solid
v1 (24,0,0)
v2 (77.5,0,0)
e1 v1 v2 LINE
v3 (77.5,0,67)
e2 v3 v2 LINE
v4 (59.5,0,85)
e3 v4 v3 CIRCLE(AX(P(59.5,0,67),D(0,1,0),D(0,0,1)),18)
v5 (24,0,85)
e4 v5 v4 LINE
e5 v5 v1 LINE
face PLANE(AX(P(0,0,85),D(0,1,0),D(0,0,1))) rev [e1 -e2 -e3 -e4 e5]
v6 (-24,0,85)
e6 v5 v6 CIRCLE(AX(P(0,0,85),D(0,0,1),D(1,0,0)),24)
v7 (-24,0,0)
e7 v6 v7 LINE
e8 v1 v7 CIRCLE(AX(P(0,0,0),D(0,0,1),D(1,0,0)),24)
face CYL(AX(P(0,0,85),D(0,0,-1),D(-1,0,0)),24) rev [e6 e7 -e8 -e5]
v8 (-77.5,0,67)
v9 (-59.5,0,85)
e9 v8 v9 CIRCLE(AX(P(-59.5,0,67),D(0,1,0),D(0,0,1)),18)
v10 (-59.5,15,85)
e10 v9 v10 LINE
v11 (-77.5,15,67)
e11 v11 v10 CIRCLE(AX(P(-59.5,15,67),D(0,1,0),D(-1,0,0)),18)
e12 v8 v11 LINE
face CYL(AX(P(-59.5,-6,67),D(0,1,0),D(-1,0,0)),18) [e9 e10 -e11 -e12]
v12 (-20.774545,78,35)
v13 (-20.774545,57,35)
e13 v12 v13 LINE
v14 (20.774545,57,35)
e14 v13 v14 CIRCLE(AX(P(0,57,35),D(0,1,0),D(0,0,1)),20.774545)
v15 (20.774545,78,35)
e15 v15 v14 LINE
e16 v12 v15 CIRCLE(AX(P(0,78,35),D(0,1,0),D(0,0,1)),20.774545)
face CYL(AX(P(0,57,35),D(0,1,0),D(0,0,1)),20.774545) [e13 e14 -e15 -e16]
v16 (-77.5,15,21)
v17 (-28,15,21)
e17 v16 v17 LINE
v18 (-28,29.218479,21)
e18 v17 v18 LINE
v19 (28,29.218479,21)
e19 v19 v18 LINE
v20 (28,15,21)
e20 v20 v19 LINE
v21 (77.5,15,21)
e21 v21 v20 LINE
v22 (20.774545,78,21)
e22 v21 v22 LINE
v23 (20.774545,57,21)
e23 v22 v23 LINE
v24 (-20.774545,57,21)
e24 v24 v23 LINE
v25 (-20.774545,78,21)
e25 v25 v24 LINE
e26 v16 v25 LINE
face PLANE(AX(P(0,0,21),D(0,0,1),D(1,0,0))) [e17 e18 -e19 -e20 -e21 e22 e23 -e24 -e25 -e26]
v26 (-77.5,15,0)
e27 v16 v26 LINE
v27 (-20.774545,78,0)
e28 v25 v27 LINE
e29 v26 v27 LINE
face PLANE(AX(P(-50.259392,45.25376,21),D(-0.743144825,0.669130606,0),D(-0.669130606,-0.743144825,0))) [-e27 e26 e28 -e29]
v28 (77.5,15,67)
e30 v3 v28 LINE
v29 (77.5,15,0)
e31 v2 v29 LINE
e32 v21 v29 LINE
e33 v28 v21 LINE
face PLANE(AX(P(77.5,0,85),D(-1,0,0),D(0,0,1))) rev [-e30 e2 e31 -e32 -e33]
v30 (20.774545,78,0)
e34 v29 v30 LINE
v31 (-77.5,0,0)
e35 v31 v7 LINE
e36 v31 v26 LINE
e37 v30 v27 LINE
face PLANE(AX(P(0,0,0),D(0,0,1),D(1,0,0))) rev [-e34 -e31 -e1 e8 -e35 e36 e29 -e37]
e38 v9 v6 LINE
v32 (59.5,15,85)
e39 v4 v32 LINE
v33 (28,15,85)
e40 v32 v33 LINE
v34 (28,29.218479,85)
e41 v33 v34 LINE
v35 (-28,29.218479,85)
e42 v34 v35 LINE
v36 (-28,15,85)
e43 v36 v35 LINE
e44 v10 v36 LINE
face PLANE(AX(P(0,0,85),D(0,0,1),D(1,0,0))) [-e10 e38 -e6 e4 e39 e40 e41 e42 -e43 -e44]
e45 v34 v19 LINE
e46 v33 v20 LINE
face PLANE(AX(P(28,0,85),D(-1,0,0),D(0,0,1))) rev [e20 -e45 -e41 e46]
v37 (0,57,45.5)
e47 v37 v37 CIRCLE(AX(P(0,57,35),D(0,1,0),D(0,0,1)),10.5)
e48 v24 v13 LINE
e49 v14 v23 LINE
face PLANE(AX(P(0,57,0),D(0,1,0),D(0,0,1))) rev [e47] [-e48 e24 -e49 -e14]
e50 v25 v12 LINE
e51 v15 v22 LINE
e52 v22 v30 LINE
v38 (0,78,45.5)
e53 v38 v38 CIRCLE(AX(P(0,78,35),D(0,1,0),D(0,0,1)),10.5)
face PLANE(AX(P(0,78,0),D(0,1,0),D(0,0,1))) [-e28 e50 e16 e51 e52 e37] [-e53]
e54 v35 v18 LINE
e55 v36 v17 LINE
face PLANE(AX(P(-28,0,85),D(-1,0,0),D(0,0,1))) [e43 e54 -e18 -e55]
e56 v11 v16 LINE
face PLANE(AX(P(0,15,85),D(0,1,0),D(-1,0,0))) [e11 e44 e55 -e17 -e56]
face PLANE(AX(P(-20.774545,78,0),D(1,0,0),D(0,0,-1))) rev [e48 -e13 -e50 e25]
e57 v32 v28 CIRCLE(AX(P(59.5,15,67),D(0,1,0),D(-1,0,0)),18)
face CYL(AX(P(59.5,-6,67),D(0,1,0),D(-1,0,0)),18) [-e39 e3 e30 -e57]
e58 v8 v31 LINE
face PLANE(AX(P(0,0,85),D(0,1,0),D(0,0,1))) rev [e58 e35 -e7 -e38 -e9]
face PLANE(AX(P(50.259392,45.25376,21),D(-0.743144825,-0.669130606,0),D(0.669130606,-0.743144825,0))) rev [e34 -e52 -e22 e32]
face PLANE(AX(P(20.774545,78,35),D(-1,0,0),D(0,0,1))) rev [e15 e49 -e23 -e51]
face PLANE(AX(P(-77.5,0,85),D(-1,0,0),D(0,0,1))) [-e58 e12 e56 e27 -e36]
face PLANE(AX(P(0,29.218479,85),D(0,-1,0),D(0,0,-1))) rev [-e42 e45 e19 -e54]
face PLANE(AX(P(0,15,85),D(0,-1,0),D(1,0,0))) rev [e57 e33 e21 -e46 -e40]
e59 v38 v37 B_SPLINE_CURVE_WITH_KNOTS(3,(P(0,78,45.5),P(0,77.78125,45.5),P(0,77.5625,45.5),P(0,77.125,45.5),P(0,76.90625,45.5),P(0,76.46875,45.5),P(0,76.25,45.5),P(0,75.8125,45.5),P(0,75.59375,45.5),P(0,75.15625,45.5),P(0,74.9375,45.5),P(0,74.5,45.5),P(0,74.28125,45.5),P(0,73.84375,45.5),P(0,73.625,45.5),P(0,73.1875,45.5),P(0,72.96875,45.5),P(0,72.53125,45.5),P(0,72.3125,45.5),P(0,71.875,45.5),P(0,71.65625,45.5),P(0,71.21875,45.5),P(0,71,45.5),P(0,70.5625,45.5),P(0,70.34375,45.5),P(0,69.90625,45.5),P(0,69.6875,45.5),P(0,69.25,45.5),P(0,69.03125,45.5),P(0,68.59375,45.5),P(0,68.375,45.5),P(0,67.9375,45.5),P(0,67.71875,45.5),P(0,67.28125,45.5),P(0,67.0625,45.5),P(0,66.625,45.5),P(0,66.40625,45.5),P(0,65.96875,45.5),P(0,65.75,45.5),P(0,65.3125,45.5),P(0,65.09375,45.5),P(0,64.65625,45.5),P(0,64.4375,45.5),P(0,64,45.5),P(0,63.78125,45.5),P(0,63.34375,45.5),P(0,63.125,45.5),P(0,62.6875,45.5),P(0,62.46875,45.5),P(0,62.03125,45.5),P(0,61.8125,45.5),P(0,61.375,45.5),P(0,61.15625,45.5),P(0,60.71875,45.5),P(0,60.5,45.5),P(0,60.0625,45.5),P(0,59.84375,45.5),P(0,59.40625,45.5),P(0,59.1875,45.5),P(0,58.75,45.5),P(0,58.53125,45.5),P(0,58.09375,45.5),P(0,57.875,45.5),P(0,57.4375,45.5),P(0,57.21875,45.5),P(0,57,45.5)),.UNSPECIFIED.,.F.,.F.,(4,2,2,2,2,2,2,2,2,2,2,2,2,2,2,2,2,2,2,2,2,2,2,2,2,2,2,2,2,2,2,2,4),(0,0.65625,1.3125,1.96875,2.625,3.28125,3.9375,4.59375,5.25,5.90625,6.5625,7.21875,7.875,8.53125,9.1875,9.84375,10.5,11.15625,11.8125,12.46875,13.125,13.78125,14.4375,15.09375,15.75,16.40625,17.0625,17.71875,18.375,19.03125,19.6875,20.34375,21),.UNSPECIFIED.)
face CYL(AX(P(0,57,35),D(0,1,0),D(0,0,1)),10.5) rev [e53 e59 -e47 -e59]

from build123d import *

# Parameters (mm, degrees)
EXTRUDE_1_DEPTH     = 85
EXTRUDE_2_DEPTH     = 21
CUT_EXTRUDE_1_DEPTH = 21
CUT_EXTRUDE_2_DEPTH = 21
SKETCH_4_W          = 41.549090418
SKETCH_4_H          = 35
EXTRUDE_3_DEPTH     = 21
SKETCH_5_R          = 20.774545209
SKETCH_5_R_2        = 10.5
EXTRUDE_4_DEPTH     = 21
SKETCH_7_R          = 10.5
CUT_EXTRUDE_3_DEPTH = 21


with BuildPart() as part:
    # 스케치1 → 보스-돌출1 (new body)
    with BuildSketch(Plane.XY):
        with BuildLine():
            ThreePointArc((-24, 0), (0, 24), (24, 0))
            Line((24, 0), (77.5, 0))
            Line((77.5, 0), (77.5, 15))
            Line((77.5, 15), (28, 15))
            Line((28, 15), (28, 29.218478607))
            Line((28, 29.218478607), (-28, 29.218478607))
            Line((-28, 29.218478607), (-28, 15))
            Line((-28, 15), (-77.5, 15))
            Line((-77.5, 15), (-77.5, 0))
            Line((-77.5, 0), (-24, 0))
        make_face()
    extrude(amount=EXTRUDE_1_DEPTH)

    # 스케치1<3> → 보스-돌출2 (add)
    with BuildSketch(Plane.XY):
        Polygon((-28, 29.218478607), (28, 29.218478607), (28, 15), (77.5, 15), (20.774545209, 78), (20.774545209, 57), (-20.774545209, 57), (-20.774545209, 78), (-77.5, 15), (-28, 15), align=None)
    extrude(amount=EXTRUDE_2_DEPTH)

    # 스케치3 → 컷-돌출1 (cut)
    with BuildSketch(Plane(origin=(0, 15, 0), x_dir=(1, 0, 0), z_dir=(0, 1, 0))):
        with BuildLine():
            ThreePointArc((77.5, -67), (72.227922061, -79.727922061), (59.5, -85))
            Line((59.5, -85), (77.5, -85))
            Line((77.5, -85), (77.5, -67))
        make_face()
    extrude(amount=-CUT_EXTRUDE_1_DEPTH, mode=Mode.SUBTRACT)

    # 스케치2 → 컷-돌출2 (cut)
    with BuildSketch(Plane(origin=(0, 15, 0), x_dir=(1, 0, 0), z_dir=(0, 1, 0))):
        with BuildLine():
            ThreePointArc((-59.5, -85), (-72.227922061, -79.727922061), (-77.5, -67))
            Line((-77.5, -67), (-77.5, -85))
            Line((-77.5, -85), (-59.5, -85))
        make_face()
    extrude(amount=-CUT_EXTRUDE_2_DEPTH, mode=Mode.SUBTRACT)

    # 스케치4 → 보스-돌출3 (add)
    with BuildSketch(Plane(origin=(0, 57, 0), x_dir=(1, 0, 0), z_dir=(0, 1, 0))):
        with Locations((0, -17.5)):
            Rectangle(SKETCH_4_W, SKETCH_4_H)
    extrude(amount=EXTRUDE_3_DEPTH)

    # 스케치5 → 보스-돌출4 (add)
    with BuildSketch(Plane(origin=(0, 78, 0), x_dir=(1, 0, 0), z_dir=(0, 1, 0))):
        with Locations((0, -35)):
            Circle(SKETCH_5_R)
        with Locations((0, -35)):
            Circle(SKETCH_5_R_2, mode=Mode.SUBTRACT)
    extrude(amount=-EXTRUDE_4_DEPTH)

    # 스케치7 → 컷-돌출3 (cut)
    with BuildSketch(Plane(origin=(0, 78, 0), x_dir=(1, 0, 0), z_dir=(0, 1, 0))):
        with Locations((0, -35)):
            Circle(SKETCH_7_R)
    extrude(amount=-CUT_EXTRUDE_3_DEPTH, mode=Mode.SUBTRACT)


solid = part.part
